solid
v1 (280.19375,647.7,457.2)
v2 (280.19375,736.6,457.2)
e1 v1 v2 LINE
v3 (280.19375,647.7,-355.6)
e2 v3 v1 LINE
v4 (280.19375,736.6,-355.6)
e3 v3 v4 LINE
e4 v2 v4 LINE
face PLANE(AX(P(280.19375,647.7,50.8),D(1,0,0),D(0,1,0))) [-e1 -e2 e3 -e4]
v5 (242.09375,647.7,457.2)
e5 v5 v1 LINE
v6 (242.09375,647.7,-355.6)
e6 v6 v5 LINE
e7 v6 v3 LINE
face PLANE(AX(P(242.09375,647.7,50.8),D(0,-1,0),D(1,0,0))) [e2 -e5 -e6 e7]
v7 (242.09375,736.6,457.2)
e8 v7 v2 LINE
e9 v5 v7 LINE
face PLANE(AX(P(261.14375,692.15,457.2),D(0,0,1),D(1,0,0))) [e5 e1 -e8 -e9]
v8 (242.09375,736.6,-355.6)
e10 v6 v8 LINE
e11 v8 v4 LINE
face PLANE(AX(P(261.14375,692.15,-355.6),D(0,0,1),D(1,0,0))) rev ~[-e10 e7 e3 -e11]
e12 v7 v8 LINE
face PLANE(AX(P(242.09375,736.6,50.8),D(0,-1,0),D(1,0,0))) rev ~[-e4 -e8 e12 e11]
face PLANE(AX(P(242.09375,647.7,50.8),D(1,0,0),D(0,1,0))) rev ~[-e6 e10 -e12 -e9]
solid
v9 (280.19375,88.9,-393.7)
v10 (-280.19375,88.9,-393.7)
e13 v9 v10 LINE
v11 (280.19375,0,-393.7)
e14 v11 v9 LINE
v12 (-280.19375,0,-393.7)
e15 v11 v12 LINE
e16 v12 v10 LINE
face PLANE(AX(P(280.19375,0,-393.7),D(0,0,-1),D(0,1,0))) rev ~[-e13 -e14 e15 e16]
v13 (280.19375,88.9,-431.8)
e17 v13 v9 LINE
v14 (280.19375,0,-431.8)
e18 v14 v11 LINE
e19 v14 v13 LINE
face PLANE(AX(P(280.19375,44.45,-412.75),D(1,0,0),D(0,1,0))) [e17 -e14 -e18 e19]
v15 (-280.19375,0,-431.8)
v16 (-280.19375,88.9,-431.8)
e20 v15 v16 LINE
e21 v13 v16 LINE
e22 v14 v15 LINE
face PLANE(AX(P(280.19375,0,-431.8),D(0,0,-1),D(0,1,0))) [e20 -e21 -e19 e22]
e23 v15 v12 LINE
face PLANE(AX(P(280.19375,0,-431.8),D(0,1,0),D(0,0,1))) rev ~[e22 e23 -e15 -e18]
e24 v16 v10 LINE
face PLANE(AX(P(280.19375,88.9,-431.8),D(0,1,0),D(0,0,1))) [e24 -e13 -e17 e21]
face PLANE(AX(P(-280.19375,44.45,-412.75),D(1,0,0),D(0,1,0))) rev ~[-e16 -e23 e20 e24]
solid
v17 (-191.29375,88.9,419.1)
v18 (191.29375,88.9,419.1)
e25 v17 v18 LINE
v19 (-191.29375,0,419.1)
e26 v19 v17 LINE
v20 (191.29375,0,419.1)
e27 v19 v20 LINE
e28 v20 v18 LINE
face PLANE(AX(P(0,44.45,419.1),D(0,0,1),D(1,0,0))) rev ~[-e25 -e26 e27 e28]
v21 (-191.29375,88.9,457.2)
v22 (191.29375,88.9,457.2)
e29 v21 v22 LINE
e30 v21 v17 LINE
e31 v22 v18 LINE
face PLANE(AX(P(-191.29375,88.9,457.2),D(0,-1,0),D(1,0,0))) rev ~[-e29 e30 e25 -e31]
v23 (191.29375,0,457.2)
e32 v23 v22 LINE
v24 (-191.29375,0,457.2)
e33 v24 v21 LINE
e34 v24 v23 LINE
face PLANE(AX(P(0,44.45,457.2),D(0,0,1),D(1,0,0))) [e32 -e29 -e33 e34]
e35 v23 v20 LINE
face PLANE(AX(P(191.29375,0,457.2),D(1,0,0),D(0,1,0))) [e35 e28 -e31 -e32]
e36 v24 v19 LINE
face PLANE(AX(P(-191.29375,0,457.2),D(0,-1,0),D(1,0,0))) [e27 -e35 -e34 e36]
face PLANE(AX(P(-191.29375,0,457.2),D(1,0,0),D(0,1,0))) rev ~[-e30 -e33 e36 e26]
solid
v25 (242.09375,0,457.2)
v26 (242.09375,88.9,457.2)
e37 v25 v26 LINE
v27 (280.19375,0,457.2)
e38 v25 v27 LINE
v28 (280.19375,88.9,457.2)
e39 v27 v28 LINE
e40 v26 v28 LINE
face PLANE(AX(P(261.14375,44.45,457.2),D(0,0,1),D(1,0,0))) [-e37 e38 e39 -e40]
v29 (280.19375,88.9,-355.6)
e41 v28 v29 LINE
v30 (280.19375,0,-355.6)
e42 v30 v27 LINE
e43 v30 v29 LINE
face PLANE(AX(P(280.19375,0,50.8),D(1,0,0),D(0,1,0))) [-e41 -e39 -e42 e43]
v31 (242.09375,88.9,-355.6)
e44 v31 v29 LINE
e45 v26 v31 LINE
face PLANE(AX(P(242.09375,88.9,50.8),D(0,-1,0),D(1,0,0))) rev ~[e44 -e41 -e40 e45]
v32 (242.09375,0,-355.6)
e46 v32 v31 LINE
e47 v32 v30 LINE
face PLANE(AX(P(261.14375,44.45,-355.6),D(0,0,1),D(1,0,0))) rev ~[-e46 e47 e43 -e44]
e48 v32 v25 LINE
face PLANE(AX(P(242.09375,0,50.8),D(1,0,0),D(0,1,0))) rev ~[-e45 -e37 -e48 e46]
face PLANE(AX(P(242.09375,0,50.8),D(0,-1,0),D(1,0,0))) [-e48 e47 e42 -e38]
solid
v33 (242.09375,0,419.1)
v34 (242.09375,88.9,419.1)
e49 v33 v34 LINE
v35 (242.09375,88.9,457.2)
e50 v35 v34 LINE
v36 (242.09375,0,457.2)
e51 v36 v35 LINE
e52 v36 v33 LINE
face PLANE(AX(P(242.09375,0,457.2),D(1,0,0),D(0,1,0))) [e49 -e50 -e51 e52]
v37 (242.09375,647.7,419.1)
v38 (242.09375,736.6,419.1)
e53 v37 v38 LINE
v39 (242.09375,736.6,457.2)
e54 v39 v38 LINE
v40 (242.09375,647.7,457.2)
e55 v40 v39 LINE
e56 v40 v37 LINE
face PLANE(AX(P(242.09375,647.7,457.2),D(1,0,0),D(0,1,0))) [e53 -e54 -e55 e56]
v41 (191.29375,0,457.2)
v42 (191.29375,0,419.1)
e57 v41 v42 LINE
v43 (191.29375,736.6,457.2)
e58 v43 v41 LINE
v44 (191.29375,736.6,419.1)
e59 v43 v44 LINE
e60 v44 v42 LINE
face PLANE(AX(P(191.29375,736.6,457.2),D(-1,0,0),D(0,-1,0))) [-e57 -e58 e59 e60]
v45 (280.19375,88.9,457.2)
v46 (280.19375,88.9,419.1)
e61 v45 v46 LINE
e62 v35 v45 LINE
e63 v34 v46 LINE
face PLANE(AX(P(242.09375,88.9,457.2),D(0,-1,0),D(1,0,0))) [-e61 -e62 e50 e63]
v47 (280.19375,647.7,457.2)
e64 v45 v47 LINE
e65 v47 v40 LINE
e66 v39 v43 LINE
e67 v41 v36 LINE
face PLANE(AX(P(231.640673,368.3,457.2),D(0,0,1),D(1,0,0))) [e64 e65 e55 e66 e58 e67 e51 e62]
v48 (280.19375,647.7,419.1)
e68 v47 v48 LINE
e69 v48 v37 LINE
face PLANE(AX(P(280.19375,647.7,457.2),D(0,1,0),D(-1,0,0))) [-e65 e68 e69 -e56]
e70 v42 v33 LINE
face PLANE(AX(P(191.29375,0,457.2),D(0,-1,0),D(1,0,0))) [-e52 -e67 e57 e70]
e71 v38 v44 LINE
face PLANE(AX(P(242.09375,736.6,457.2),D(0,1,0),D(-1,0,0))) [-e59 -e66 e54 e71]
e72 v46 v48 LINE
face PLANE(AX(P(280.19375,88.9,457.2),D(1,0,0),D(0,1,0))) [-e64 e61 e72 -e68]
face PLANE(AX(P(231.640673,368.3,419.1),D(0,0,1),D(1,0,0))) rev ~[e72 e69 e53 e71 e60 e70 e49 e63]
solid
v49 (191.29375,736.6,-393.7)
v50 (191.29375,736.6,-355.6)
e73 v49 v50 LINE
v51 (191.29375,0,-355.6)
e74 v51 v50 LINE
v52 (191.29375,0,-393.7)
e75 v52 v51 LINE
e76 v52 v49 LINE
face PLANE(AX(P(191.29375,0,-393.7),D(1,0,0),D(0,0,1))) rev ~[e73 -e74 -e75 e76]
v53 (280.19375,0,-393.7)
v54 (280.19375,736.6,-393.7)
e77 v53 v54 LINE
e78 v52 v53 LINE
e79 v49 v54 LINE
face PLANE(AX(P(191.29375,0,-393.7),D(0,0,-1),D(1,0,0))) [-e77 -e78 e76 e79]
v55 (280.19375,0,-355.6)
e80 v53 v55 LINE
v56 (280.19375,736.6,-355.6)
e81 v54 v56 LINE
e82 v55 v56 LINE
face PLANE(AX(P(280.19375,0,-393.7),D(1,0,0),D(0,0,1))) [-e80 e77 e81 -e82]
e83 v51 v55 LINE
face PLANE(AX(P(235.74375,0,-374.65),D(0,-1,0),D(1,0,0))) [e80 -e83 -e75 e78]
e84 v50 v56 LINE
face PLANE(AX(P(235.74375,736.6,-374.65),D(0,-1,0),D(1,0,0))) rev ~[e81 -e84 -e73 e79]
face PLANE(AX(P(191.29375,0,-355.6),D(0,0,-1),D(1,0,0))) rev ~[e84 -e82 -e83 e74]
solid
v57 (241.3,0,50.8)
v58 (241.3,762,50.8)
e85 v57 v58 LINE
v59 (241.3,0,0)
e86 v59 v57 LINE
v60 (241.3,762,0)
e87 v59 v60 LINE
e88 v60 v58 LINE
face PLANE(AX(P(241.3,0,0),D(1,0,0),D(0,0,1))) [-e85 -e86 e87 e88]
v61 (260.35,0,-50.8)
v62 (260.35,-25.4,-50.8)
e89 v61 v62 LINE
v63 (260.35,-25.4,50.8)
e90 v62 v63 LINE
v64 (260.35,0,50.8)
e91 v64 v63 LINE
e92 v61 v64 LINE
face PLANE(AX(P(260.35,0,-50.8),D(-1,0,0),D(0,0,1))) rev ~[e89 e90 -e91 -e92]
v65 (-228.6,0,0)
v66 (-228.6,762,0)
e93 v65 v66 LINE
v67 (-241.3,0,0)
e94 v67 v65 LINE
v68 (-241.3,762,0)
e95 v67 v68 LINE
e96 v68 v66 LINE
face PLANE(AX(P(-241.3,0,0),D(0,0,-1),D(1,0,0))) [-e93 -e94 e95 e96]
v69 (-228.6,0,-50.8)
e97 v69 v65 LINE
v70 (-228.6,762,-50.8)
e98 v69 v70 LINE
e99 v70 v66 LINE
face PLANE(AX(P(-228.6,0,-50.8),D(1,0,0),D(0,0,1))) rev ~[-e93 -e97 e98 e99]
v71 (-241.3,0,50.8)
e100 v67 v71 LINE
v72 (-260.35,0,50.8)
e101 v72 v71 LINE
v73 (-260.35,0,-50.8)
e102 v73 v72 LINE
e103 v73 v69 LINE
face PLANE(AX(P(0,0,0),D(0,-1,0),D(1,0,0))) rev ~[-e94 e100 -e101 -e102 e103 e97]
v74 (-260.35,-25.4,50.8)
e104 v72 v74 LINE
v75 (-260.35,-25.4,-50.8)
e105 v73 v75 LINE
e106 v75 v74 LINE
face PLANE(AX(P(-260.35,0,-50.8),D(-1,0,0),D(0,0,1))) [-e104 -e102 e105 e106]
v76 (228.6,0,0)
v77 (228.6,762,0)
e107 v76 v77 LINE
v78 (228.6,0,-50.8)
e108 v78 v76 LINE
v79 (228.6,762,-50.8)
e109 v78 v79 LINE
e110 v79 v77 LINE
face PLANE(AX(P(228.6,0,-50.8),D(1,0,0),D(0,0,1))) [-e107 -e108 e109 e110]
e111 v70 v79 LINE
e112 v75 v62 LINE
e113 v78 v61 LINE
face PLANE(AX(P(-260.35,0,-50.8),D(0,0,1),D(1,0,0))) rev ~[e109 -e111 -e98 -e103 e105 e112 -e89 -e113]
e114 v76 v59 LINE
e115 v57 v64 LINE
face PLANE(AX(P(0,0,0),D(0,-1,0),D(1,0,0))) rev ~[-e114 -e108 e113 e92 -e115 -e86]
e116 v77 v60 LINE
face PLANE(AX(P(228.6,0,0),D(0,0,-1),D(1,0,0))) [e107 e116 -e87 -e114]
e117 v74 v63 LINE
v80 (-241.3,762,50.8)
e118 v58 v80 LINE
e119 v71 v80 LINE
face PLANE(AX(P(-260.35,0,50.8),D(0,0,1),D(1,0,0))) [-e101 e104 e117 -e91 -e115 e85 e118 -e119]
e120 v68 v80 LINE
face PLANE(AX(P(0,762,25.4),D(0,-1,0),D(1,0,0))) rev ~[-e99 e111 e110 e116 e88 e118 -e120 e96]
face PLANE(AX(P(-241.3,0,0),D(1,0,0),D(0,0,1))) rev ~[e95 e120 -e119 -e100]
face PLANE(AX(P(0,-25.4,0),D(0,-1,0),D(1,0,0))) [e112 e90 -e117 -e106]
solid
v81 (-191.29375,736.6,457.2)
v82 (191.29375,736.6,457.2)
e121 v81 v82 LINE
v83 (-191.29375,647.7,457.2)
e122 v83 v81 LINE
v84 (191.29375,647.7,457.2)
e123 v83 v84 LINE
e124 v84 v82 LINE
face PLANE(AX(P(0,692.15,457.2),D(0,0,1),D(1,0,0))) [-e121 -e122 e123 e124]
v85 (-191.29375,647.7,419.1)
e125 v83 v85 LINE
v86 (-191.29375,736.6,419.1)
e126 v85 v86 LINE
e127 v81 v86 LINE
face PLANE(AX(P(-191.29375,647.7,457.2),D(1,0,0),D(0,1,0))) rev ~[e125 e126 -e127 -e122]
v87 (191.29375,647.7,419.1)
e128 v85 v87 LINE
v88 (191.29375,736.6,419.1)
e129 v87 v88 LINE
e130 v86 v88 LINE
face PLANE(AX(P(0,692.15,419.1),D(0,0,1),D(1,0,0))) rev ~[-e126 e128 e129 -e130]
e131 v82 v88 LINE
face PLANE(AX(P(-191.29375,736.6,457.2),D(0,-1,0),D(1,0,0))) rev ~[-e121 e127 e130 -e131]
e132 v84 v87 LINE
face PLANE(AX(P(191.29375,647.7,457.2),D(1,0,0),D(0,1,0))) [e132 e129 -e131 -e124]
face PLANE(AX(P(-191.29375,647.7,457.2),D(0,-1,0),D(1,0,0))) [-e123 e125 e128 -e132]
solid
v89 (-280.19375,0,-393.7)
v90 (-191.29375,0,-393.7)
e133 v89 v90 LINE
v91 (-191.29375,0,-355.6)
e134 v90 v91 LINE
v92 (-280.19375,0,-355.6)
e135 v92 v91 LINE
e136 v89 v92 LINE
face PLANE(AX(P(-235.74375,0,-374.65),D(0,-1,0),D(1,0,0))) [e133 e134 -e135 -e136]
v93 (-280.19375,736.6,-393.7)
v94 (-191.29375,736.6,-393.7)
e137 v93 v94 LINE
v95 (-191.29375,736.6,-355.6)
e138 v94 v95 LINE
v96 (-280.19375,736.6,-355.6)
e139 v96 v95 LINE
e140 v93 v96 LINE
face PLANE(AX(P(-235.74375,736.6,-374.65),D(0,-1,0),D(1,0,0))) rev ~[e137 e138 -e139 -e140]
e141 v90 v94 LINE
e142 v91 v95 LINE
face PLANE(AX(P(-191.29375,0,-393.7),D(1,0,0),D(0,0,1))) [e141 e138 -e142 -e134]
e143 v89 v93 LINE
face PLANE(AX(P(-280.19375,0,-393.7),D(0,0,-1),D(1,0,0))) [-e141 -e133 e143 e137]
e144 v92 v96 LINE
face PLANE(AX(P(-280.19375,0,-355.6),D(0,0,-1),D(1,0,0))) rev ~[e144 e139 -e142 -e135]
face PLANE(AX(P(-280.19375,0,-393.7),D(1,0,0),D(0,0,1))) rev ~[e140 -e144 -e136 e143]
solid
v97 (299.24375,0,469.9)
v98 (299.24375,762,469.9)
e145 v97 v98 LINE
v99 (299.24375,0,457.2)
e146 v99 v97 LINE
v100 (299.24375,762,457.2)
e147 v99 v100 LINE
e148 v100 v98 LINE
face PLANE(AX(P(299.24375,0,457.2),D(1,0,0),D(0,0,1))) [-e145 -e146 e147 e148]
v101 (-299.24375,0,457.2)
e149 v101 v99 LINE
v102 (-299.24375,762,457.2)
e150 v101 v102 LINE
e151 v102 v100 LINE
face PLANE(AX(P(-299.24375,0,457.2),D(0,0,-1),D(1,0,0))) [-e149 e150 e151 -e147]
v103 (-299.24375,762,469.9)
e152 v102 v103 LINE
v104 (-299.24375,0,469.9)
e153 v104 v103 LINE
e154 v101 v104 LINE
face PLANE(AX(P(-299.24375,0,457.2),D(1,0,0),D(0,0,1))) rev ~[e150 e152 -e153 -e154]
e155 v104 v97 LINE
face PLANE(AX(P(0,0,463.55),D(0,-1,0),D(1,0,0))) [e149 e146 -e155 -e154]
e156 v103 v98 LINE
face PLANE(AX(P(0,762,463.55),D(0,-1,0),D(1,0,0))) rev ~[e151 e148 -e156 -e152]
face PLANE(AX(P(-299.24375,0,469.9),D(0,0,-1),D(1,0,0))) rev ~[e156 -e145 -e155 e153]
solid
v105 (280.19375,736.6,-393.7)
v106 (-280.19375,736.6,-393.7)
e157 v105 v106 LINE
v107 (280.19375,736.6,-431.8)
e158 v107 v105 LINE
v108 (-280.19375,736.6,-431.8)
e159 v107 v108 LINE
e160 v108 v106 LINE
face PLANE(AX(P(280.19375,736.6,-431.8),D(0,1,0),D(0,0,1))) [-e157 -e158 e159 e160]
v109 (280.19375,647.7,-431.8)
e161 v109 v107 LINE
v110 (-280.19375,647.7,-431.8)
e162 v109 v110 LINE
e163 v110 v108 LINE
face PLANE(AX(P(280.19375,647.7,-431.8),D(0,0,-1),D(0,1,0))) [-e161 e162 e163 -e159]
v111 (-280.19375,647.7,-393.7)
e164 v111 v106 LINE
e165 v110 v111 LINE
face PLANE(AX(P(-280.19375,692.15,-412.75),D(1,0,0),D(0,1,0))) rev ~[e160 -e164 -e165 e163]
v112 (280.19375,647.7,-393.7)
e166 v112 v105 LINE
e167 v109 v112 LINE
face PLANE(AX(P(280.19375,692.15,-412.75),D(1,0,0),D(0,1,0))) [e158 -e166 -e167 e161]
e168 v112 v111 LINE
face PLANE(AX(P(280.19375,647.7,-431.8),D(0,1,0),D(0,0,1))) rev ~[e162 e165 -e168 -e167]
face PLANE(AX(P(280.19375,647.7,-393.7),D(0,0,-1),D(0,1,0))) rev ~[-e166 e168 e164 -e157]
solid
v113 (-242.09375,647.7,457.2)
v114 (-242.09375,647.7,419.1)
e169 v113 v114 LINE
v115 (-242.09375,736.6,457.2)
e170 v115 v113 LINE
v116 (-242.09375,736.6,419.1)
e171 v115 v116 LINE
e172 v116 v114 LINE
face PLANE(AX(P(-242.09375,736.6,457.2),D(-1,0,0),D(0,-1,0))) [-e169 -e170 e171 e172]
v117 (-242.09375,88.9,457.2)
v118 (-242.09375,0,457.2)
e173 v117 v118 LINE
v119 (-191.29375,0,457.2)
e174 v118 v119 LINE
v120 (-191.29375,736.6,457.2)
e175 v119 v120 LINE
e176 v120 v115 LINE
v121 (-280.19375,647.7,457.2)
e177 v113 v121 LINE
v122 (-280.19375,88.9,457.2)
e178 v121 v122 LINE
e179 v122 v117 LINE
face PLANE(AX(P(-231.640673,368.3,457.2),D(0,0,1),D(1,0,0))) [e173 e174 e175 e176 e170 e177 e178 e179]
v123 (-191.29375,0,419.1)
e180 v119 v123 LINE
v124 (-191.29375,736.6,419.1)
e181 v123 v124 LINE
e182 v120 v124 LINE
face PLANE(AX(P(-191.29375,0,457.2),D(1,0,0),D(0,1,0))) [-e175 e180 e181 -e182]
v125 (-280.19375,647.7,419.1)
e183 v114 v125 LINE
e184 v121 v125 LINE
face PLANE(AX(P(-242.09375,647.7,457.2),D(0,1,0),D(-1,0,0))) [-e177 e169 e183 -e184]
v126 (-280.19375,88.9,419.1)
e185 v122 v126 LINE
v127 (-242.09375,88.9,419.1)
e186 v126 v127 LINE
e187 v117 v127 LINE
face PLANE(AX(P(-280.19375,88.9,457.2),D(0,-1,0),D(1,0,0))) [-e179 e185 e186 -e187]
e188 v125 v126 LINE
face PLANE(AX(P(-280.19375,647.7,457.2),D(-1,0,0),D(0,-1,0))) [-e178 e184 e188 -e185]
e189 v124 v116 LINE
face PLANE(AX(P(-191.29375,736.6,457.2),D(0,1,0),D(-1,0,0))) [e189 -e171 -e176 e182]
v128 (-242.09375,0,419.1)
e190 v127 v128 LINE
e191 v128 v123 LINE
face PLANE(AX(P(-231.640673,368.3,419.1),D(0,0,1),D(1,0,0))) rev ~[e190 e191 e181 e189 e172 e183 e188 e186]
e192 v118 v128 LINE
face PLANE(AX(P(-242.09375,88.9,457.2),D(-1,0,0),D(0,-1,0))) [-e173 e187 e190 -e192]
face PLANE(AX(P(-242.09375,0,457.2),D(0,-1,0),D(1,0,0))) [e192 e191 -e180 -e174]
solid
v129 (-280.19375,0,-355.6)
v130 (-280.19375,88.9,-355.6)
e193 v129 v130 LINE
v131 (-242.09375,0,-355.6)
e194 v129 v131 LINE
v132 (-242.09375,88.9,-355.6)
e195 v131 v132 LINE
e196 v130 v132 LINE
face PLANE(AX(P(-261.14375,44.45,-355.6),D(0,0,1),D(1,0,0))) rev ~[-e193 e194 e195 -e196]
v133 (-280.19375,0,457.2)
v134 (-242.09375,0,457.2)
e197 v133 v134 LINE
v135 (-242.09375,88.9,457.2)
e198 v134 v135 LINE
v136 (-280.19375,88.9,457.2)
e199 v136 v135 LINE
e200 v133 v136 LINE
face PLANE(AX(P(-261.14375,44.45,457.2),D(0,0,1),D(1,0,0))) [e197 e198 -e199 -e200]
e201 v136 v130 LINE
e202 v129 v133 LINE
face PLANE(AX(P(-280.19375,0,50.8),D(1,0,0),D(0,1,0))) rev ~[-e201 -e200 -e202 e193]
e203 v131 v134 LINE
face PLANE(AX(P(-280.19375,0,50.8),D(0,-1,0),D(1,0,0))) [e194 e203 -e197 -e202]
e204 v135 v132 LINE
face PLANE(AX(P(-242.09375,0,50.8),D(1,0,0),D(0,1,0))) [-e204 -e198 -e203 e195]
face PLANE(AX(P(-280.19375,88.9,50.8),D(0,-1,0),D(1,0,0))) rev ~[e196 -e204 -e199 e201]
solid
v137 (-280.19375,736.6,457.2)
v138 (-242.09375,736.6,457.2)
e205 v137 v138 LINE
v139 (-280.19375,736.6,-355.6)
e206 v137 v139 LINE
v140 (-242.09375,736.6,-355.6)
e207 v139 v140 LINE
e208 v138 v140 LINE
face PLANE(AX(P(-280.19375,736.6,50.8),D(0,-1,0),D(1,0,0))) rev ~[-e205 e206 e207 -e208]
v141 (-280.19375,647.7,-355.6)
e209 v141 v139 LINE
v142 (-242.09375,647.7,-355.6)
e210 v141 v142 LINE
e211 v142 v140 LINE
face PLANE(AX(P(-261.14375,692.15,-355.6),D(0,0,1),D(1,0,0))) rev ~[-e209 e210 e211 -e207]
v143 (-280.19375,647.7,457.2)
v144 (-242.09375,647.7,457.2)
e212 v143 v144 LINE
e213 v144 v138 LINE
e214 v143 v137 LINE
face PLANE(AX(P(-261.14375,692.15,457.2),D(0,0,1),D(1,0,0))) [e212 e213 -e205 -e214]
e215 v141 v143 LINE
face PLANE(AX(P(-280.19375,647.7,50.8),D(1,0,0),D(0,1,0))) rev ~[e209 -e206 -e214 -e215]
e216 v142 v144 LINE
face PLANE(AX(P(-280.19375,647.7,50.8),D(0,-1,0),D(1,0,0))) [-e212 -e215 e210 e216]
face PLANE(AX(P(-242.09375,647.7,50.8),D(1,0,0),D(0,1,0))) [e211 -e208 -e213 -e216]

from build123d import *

# Parameters (mm, degrees)
F0_W      = 457.2
F0_H      = 50.8
F0_W_2    = 12.7
F1_DEPTH  = 762
F2_W      = 520.7
F2_H      = 101.6
F3_DEPTH  = 25.4
F4_W      = 38.1
F4_H      = 88.9
F5_DEPTH  = 406.4
F6_W      = 88.9
F6_H      = 38.1
F7_DEPTH  = 736.6
F8_W      = 88.9
F8_H      = 38.1
F9_DEPTH  = 560.3875
F11_DEPTH = 38.1
F10_W     = 382.5875
F10_H     = 88.9
F12_DEPTH = 38.1
F13_W     = 598.4875
F13_H     = 12.7
F14_DEPTH = 762


with BuildPart() as f1:
    # F0 (on Front) → F1 (new body)
    with BuildSketch(Plane.XZ):
        with Locations((0, 25.4)):
            Rectangle(F0_W, F0_H)
        with Locations((234.95, 25.4)):
            Rectangle(F0_W_2, F0_H)
        with Locations((-234.95, 25.4)):
            Rectangle(F0_W_2, F0_H)
        with Locations((0, -25.4)):
            Rectangle(F0_W, F0_H)
    extrude(amount=-F1_DEPTH)

    # F2 (on face) → F3 (join)
    with BuildSketch(Plane.XZ):
        Rectangle(F2_W, F2_H)
    extrude(amount=F3_DEPTH)


with BuildPart() as f5:
    # F4 (on face) → F5 (new body, symmetric)
    with BuildSketch(Plane.XY.offset(50.8)):
        with Locations((-261.14375, 44.45)):
            Rectangle(F4_W, F4_H)
    extrude(amount=F5_DEPTH, both=True)


with BuildPart() as f5b:
    # F4 (on face) → F5, piece 2 (new body, symmetric)
    with BuildSketch(Plane.XY.offset(50.8)):
        with Locations((-261.14375, 692.15)):
            Rectangle(F4_W, F4_H)
    extrude(amount=F5_DEPTH, both=True)


with BuildPart() as f5c:
    # F4 (on face) → F5, piece 3 (new body, symmetric)
    with BuildSketch(Plane.XY.offset(50.8)):
        with Locations((261.14375, 692.15)):
            Rectangle(F4_W, F4_H)
    extrude(amount=F5_DEPTH, both=True)


with BuildPart() as f5d:
    # F4 (on face) → F5, piece 4 (new body, symmetric)
    with BuildSketch(Plane.XY.offset(50.8)):
        with Locations((261.14375, 44.45)):
            Rectangle(F4_W, F4_H)
    extrude(amount=F5_DEPTH, both=True)


with BuildPart() as f7:
    # F6 (on face) → F7 (new body, through all)
    with BuildSketch(Plane.XZ):
        with Locations((-235.74375, -374.65)):
            Rectangle(F6_W, F6_H)
    extrude(amount=-F7_DEPTH)


with BuildPart() as f7b:
    # F6 (on face) → F7, piece 2 (new body, through all)
    with BuildSketch(Plane.XZ):
        with Locations((235.74375, -374.65)):
            Rectangle(F6_W, F6_H)
    extrude(amount=-F7_DEPTH)


with BuildPart() as f9:
    # F8 (on face) → F9 (new body, through all)
    with BuildSketch(Plane.YZ.offset(280.19375)):
        with Locations((44.45, -412.75)):
            Rectangle(F8_W, F8_H)
    extrude(amount=-F9_DEPTH)


with BuildPart() as f9b:
    # F8 (on face) → F9, piece 2 (new body, through all)
    with BuildSketch(Plane.YZ.offset(280.19375)):
        with Locations((692.15, -412.75)):
            Rectangle(F8_W, F8_H)
    extrude(amount=-F9_DEPTH)


with BuildPart() as f11:
    # F10 (on face) → F11 (new body)
    with BuildSketch(Plane.XY.offset(457.2)):
        Polygon((-242.09375, 647.7), (-280.19375, 647.7), (-280.19375, 88.9), (-242.09375, 88.9), (-242.09375, 0), (-191.29375, 0), (-191.29375, 88.9), (-191.29375, 647.7), (-191.29375, 736.6), (-242.09375, 736.6), align=None)
    extrude(amount=-F11_DEPTH)


with BuildPart() as f11b:
    # F10 (on face) → F11, piece 2 (new body)
    with BuildSketch(Plane.XY.offset(457.2)):
        Polygon((242.09375, 736.6), (191.29375, 736.6), (191.29375, 647.7), (191.29375, 88.9), (191.29375, 0), (242.09375, 0), (242.09375, 88.9), (280.19375, 88.9), (280.19375, 647.7), (242.09375, 647.7), align=None)
    extrude(amount=-F11_DEPTH)


with BuildPart() as f12:
    # F10 (on face) → F12 (new body)
    with BuildSketch(Plane.XY.offset(457.2)):
        with Locations((0, 692.15)):
            Rectangle(F10_W, F10_H)
    extrude(amount=-F12_DEPTH)


with BuildPart() as f12b:
    # F10 (on face) → F12, piece 2 (new body)
    with BuildSketch(Plane.XY.offset(457.2)):
        with Locations((0, 44.45)):
            Rectangle(F10_W, F10_H)
    extrude(amount=-F12_DEPTH)


with BuildPart() as f14:
    # F13 (on face) → F14 (new body)
    with BuildSketch(Plane.XZ):
        with Locations((0, 463.55)):
            Rectangle(F13_W, F13_H)
    extrude(amount=-F14_DEPTH)


solid = Compound([f1.part, f5.part, f5b.part, f5c.part, f5d.part, f7.part, f7b.part, f9.part, f9b.part, f11.part, f11b.part, f12.part, f12b.part, f14.part])
